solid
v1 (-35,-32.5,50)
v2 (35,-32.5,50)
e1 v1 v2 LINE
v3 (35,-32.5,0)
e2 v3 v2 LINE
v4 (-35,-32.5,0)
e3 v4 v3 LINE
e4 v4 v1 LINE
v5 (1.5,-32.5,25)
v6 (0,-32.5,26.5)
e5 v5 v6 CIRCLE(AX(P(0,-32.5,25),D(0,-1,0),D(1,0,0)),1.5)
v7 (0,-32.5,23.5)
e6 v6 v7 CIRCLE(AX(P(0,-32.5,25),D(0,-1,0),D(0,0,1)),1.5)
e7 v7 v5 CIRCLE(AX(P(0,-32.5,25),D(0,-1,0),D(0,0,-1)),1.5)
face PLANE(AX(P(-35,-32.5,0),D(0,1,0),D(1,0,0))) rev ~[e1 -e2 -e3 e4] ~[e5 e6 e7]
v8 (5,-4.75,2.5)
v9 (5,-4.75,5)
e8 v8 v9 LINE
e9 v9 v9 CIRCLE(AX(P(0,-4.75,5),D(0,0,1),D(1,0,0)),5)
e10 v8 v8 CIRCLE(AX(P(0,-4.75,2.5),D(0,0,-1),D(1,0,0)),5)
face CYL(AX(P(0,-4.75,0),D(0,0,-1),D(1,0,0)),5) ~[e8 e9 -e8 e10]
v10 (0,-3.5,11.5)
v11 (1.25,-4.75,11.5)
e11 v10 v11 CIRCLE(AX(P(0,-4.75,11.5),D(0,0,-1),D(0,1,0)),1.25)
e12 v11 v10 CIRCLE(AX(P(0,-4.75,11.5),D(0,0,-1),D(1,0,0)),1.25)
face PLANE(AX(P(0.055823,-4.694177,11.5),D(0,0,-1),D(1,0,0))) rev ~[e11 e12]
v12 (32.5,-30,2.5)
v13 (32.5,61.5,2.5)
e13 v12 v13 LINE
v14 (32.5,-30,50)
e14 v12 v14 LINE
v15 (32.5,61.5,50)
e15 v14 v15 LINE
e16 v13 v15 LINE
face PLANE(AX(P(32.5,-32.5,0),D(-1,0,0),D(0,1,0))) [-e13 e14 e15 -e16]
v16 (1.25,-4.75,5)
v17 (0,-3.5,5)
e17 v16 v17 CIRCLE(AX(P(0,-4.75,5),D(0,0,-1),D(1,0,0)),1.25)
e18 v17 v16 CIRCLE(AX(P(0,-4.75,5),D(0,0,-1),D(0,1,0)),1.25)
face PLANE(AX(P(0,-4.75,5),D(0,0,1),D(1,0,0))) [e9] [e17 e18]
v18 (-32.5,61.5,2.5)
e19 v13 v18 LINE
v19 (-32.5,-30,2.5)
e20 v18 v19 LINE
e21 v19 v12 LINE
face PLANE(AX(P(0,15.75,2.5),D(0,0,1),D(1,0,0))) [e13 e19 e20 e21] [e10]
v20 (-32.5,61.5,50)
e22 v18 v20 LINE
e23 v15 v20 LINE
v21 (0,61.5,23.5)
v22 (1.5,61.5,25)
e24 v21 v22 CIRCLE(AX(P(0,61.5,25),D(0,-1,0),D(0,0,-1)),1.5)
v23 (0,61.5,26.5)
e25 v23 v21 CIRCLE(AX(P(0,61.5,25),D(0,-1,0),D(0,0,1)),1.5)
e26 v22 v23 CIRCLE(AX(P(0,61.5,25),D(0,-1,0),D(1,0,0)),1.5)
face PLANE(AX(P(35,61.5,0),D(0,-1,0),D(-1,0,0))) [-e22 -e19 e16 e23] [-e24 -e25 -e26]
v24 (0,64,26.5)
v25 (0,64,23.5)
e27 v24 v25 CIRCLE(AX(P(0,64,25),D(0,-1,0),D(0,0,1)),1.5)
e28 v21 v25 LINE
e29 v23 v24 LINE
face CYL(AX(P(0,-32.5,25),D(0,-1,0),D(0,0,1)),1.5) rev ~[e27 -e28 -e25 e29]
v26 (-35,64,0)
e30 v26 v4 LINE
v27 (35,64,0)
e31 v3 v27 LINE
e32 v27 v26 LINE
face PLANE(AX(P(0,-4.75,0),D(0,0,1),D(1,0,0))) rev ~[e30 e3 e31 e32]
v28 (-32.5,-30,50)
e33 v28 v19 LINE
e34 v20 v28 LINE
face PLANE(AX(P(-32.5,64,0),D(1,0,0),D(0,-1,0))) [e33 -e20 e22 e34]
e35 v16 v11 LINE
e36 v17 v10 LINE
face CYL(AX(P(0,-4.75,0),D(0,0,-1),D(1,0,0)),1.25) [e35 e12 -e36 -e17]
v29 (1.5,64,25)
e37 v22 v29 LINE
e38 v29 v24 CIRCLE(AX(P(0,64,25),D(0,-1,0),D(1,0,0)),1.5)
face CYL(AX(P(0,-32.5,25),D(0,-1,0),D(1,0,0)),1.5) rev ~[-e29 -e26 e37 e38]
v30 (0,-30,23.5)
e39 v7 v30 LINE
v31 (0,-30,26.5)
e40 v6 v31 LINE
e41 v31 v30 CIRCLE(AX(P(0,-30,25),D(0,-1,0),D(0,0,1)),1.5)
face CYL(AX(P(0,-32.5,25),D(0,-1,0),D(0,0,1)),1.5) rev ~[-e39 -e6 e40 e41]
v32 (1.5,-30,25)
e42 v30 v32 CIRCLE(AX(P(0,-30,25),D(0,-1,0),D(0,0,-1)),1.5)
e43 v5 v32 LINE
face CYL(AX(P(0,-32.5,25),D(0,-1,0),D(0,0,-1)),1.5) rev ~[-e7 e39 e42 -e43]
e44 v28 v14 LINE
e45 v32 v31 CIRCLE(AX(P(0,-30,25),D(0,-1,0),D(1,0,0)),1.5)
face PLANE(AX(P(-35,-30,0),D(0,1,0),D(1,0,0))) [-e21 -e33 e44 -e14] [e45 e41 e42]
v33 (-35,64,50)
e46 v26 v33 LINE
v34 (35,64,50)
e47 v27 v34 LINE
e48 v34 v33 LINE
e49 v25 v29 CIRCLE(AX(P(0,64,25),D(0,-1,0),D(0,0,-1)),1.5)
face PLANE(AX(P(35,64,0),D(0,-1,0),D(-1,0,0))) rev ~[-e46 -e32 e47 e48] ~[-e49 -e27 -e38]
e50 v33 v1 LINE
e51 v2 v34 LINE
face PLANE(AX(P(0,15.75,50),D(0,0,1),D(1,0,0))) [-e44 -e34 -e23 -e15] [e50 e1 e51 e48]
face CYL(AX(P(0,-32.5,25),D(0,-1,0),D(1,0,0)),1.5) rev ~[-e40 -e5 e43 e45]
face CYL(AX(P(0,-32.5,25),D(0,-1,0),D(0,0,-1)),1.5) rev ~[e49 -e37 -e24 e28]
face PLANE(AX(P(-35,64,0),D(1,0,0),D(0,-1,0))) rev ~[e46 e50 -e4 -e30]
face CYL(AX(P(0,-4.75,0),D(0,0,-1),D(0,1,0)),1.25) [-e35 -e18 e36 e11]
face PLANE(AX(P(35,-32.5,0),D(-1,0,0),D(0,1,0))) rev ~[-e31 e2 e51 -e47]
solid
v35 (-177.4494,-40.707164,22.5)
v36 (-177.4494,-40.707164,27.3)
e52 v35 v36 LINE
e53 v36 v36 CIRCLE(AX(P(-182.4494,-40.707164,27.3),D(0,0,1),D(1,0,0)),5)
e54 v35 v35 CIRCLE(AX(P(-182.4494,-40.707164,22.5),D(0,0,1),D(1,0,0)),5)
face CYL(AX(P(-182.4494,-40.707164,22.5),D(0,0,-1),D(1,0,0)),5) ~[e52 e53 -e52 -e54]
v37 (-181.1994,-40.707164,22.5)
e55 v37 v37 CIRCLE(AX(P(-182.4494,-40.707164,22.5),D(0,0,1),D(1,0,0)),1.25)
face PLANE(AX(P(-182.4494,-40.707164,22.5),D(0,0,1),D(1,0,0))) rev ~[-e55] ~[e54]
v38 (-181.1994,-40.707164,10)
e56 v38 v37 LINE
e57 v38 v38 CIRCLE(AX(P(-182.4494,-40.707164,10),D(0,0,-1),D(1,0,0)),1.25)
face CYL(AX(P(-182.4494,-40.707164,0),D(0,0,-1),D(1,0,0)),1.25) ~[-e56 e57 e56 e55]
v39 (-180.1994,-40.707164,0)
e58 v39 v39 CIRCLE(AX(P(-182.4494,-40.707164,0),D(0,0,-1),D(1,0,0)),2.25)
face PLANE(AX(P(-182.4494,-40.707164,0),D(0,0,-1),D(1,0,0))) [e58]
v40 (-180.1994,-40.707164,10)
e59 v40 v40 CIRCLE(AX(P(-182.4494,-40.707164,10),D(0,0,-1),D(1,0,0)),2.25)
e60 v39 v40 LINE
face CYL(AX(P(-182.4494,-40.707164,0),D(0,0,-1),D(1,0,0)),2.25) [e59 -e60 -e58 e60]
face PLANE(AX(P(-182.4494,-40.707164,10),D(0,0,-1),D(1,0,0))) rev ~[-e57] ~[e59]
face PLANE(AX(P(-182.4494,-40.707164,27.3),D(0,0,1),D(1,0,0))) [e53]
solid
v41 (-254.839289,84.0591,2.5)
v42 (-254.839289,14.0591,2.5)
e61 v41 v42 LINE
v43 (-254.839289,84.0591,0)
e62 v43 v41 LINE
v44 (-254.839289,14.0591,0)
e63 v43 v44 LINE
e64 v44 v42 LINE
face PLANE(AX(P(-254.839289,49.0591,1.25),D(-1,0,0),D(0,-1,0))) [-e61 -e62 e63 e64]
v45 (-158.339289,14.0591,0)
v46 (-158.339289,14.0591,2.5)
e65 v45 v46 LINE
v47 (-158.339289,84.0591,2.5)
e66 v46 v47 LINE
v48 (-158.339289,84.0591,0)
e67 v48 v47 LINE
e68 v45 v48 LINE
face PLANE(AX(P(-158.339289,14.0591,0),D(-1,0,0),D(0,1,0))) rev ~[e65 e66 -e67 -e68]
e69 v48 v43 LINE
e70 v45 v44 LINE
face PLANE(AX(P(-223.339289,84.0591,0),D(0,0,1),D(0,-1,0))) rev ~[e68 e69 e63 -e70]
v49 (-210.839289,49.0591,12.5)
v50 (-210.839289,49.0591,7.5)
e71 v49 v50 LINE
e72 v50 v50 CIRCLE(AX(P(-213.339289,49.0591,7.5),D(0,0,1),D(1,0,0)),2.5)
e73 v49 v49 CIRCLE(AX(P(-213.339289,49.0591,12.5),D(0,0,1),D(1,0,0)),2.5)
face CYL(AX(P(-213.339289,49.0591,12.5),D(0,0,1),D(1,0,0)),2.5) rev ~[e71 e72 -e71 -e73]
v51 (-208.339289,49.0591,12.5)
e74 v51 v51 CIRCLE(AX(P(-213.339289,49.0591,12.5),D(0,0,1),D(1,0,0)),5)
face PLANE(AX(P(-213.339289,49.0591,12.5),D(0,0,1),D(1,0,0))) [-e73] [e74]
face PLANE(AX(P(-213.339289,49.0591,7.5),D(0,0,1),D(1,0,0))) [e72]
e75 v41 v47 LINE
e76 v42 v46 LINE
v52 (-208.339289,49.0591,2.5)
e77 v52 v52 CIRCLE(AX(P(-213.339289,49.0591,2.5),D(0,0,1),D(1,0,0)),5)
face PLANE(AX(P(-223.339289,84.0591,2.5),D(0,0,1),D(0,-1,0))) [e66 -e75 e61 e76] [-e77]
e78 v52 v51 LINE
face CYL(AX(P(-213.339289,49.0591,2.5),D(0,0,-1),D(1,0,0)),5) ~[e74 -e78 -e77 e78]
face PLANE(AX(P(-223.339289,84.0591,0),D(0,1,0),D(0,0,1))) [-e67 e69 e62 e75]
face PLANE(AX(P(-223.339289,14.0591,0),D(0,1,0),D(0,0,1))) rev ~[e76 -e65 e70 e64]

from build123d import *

# Parameters (mm, degrees)
F1_DEPTH  = 50
F2_T      = -2.5
F4_DEPTH  = 11.5
F5_R      = 5
F6_DEPTH  = 5
F7_W      = 65
F7_H      = 70
F8_DEPTH  = 2.5
F9_R      = 5
F10_DEPTH = 10
F11_R     = 2.5
F12_DEPTH = 5
F13_R     = 1.25
F14_DEPTH = 22.5
F15_R     = 5
F16_DEPTH = 4.8
F17_W     = 70
F17_H     = 2.5
F18_DEPTH = 31.5
F20_DEPTH = 125
F21_R     = 2.25
F21_R_2   = 1.25
F22_DEPTH = 10


with BuildPart() as f1:
    # F0 (on Top) → F1 (new body)
    with BuildSketch(Plane.XY):
        Polygon((-35, -32.5), (35, -32.5), (35, 32.5), (35, 64), (-35, 64), (-35, 32.5), align=None)
    extrude(amount=F1_DEPTH)

    # F2
    f2_openings = [f1.faces().sort_by_distance(p)[0] for p in [
        (0, 15.75, 50),
    ]]
    offset(amount=F2_T, openings=f2_openings)

    # F3 (on face) → F4 (join)
    with BuildSketch(Plane(origin=(0, 0, 0), x_dir=(1, 0, 0), z_dir=(0, 0, -1))):
        with BuildLine():
            ThreePointArc((0, 3.5), (0.8838834765, 3.8661165235), (1.25, 4.75))
            ThreePointArc((1.25, 4.75), (-0.8838834765, 5.6338834765), (0, 3.5))
        make_face()
    extrude(amount=-F4_DEPTH)

    # F5 (on Top) → F6 (join)
    with BuildSketch(Plane.XY):
        with Locations((0, -4.75)):
            Circle(F5_R)
    extrude(amount=F6_DEPTH)

    # F19 (on face) → F20 (cut)
    with BuildSketch(Plane.XZ.offset(32.5)):
        with BuildLine():
            ThreePointArc((1.5, 25), (1.0606601718, 26.0606601718), (0, 26.5))
            Line((0, 26.5), (0, 23.5))
            ThreePointArc((0, 23.5), (1.0606601718, 23.9393398282), (1.5, 25))
        make_face()
        with BuildLine():
            Line((0, 23.5), (0, 26.5))
            ThreePointArc((0, 26.5), (-1.5, 25), (0, 23.5))
        make_face()
    extrude(amount=-F20_DEPTH, mode=Mode.SUBTRACT)


with BuildPart() as f8:
    # F7 (on Top) → F8 (new body)
    with BuildSketch(Plane.XY):
        with Locations((-190.8392894268, 49.0591003001)):
            Rectangle(F7_W, F7_H)
    extrude(amount=F8_DEPTH)

    # F9 (on face) → F10 (join)
    with BuildSketch(Plane.XY.offset(2.5)):
        with Locations((-213.3392894268, 49.0591003001)):
            Circle(F9_R)
    extrude(amount=F10_DEPTH)

    # F11 (on face) → F12 (cut)
    with BuildSketch(Plane.XY.offset(12.5)):
        with Locations((-213.3392894268, 49.0591003001)):
            Circle(F11_R)
    extrude(amount=-F12_DEPTH, mode=Mode.SUBTRACT)

    # F17 (on face) → F18 (join)
    with BuildSketch(Plane(origin=(-223.3392894268, 0, 0), x_dir=(0, -1, 0), z_dir=(-1, 0, 0))):
        with Locations((-49.0591003001, 1.25)):
            Rectangle(F17_W, F17_H)
    extrude(amount=F18_DEPTH)


with BuildPart() as f14:
    # F13 (on Top) → F14 (new body)
    with BuildSketch(Plane.XY):
        with Locations((-182.449400425, -40.7071635127)):
            Circle(F13_R)
    extrude(amount=F14_DEPTH)

    # F15 (on face) → F16 (join)
    with BuildSketch(Plane.XY.offset(22.5)):
        with Locations((-182.449400425, -40.7071635127)):
            Circle(F15_R)
    extrude(amount=F16_DEPTH)

    # F21 (on face) → F22 (join)
    with BuildSketch(Plane(origin=(0, 0, 0), x_dir=(1, 0, 0), z_dir=(0, 0, -1))):
        with Locations((-182.449400425, 40.7071635127)):
            Circle(F21_R)
        with Locations((-182.449400425, 40.7071635127)):
            Circle(F21_R_2, mode=Mode.SUBTRACT)
    extrude(amount=-F22_DEPTH)


solid = Compound([f1.part, f8.part, f14.part])
